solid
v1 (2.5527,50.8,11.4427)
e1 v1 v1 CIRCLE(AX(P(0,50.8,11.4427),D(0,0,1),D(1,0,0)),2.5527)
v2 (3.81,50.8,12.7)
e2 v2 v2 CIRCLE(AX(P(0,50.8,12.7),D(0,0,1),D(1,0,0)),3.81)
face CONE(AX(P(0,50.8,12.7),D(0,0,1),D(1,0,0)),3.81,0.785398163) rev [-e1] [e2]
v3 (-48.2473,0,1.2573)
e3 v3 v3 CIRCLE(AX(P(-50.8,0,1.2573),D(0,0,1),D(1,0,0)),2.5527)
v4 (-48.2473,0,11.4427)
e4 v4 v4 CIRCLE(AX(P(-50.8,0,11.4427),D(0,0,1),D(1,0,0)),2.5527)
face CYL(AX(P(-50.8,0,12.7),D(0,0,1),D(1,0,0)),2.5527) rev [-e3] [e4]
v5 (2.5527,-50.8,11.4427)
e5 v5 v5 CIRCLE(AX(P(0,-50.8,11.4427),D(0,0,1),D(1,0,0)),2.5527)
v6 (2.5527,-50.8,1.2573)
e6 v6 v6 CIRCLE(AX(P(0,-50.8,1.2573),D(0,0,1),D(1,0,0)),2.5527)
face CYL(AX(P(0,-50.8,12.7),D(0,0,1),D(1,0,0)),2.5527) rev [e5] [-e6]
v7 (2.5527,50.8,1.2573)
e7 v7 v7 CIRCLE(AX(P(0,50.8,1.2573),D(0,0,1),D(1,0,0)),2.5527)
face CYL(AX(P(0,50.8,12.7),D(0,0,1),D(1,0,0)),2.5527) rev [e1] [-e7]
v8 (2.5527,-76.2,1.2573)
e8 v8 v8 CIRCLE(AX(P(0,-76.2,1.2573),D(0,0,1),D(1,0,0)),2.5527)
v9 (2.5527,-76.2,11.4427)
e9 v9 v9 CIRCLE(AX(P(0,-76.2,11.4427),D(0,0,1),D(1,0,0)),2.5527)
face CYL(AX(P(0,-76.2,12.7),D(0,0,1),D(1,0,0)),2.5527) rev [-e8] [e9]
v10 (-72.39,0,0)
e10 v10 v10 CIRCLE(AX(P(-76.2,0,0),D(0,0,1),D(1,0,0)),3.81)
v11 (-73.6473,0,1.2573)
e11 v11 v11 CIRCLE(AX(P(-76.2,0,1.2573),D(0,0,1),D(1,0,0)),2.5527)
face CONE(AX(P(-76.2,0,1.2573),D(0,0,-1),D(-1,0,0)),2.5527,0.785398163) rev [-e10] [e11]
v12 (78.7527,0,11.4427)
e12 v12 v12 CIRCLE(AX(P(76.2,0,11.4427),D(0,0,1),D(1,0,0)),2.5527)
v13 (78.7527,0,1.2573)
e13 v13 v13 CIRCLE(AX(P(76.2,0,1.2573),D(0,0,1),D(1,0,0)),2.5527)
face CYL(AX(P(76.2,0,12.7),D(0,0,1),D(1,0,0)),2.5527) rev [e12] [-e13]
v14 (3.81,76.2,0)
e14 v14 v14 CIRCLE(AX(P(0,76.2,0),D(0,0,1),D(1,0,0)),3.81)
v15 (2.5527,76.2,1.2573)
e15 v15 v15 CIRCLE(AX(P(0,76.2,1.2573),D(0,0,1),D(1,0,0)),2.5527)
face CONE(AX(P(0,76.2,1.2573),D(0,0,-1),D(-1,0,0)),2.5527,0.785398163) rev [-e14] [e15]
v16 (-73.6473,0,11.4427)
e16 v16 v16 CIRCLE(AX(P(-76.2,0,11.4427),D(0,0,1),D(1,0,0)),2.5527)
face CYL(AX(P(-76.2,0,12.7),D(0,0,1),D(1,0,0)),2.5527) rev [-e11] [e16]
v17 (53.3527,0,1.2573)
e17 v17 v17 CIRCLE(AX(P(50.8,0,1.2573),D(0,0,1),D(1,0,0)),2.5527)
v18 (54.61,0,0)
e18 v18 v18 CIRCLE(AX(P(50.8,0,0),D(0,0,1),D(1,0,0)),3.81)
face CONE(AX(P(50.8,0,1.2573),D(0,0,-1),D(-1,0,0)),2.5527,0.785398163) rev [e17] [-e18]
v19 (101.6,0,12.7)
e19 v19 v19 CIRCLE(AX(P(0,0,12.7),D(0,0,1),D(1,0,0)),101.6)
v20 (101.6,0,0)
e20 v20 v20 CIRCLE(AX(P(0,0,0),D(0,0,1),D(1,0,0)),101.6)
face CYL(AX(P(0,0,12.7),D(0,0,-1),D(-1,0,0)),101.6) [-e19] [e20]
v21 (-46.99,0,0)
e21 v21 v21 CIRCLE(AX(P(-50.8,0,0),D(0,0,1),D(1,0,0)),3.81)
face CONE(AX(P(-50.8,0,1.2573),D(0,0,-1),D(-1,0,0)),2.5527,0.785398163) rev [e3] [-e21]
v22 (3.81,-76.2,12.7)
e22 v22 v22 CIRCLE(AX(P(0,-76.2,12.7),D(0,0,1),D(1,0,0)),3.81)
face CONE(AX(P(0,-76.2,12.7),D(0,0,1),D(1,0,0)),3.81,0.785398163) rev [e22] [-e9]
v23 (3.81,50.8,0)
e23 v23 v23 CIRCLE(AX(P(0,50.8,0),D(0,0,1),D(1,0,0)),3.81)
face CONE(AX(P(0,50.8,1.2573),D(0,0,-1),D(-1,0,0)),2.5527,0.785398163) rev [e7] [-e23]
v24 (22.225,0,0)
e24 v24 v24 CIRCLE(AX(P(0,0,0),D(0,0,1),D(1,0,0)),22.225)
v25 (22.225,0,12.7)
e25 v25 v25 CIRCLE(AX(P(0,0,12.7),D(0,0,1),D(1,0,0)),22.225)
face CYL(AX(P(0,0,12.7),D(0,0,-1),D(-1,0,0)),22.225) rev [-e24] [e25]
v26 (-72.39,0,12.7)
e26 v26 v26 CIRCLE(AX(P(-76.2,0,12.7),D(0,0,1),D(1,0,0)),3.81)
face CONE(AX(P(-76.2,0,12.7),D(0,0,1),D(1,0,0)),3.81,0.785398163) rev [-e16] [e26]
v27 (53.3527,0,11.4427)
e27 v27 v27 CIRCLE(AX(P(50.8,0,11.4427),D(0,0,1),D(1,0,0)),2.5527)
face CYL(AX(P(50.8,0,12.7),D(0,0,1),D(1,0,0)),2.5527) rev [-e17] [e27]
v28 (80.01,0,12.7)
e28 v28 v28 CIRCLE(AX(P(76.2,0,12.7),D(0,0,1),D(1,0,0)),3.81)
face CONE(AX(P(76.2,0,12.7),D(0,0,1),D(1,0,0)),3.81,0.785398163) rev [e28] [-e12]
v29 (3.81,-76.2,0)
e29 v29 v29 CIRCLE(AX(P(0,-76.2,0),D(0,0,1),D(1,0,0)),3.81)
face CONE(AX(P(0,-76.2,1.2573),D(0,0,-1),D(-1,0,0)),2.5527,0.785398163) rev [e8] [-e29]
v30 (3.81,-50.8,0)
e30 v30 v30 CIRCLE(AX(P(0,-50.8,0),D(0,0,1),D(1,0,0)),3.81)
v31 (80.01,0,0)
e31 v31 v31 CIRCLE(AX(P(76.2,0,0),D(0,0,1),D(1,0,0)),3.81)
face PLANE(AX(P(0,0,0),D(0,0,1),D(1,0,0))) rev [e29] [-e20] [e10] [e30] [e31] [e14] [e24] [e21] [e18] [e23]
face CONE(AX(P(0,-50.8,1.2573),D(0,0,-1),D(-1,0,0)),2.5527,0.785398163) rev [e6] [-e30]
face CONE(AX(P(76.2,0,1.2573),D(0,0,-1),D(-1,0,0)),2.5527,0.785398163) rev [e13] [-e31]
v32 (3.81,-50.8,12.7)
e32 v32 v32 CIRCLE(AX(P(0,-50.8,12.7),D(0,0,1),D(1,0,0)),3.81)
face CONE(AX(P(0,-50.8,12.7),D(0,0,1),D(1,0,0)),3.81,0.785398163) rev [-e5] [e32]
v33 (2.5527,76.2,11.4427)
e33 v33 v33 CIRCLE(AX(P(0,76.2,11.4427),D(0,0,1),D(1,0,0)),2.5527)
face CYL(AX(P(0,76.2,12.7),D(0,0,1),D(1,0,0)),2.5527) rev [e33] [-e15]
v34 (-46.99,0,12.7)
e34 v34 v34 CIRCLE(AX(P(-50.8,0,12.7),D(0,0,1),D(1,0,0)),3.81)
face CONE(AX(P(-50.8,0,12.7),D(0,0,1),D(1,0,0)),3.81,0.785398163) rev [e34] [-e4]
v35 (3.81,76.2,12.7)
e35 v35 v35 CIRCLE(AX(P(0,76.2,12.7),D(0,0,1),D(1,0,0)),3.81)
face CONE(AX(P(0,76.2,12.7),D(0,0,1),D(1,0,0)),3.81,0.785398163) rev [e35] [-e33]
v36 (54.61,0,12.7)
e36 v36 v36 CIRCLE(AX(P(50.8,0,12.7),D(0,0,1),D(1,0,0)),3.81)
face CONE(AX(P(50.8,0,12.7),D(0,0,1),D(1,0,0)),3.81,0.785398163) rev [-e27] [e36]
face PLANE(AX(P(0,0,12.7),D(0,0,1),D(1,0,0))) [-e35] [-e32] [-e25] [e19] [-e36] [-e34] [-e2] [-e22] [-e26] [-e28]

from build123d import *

# Parameters (mm, degrees)
SKETCH1_R                        = 101.6
SKETCH1_R_2                      = 22.225
BOSS_EXTRUDE1_DEPTH              = 12.7
F_1_4_20_TAPPED_HOLE1_AT_2_COUNT = 2
F_1_4_20_TAPPED_HOLE1_AT_2_PITCH = 91.581002397
F_1_4_20_TAPPED_HOLE1_AT_3_COUNT = 2
F_1_4_20_TAPPED_HOLE1_AT_3_PITCH = 71.842048969
F_1_4_20_TAPPED_HOLE1_AT_4_COUNT = 2
F_1_4_20_TAPPED_HOLE1_AT_4_PITCH = 127
F_1_4_20_TAPPED_HOLE1_AT_5_COUNT = 2
F_1_4_20_TAPPED_HOLE1_AT_5_PITCH = 101.6
F_1_4_20_TAPPED_HOLE1_AT_6_COUNT = 2
F_1_4_20_TAPPED_HOLE1_AT_6_PITCH = 91.581002397
F_1_4_20_TAPPED_HOLE1_AT_7_COUNT = 2
F_1_4_20_TAPPED_HOLE1_AT_7_PITCH = 71.842048969
F_1_4_20_TAPPED_HOLE1_AT_8_COUNT = 2
F_1_4_20_TAPPED_HOLE1_AT_8_PITCH = 25.4


with BuildPart() as part:
    # Sketch1 → Boss-Extrude1 (new body)
    with BuildSketch(Plane.XY):
        Circle(SKETCH1_R)
        Circle(SKETCH1_R_2, mode=Mode.SUBTRACT)
    extrude(amount=BOSS_EXTRUDE1_DEPTH)

    # Sketch3 → 1/4-20 Tapped Hole1 (revolve, cut)
    with BuildSketch(Plane(origin=(-50.8, 0, 12.7), x_dir=(0, -1, 0), z_dir=(1, 0, 0))):
        Polygon((0, 0), (0, 12.7), (3.81, 12.7), (2.5527, 11.4427), (2.5527, 1.2573), (3.81, 0), align=None)
    f_1_4_20_tapped_hole1 = revolve(axis=Axis((-50.8, 0, 19.05), (0, 0, -1)), mode=Mode.SUBTRACT)

    # 1/4-20 Tapped Hole1 at 2: 1/4-20 Tapped Hole1 ×2
    with Locations(*[Vector(0.554700196, 0.832050294, 0) * (i * F_1_4_20_TAPPED_HOLE1_AT_2_PITCH) for i in range(1, F_1_4_20_TAPPED_HOLE1_AT_2_COUNT)]):
        add(f_1_4_20_tapped_hole1, mode=Mode.SUBTRACT)

    # 1/4-20 Tapped Hole1 at 3: 1/4-20 Tapped Hole1 ×2
    with Locations(*[Vector(0.707106781, 0.707106781, 0) * (i * F_1_4_20_TAPPED_HOLE1_AT_3_PITCH) for i in range(1, F_1_4_20_TAPPED_HOLE1_AT_3_COUNT)]):
        add(f_1_4_20_tapped_hole1, mode=Mode.SUBTRACT)

    # 1/4-20 Tapped Hole1 at 4: 1/4-20 Tapped Hole1 ×2
    with Locations(*[(i * F_1_4_20_TAPPED_HOLE1_AT_4_PITCH, 0, 0) for i in range(1, F_1_4_20_TAPPED_HOLE1_AT_4_COUNT)]):
        add(f_1_4_20_tapped_hole1, mode=Mode.SUBTRACT)

    # 1/4-20 Tapped Hole1 at 5: 1/4-20 Tapped Hole1 ×2
    with Locations(*[(i * F_1_4_20_TAPPED_HOLE1_AT_5_PITCH, 0, 0) for i in range(1, F_1_4_20_TAPPED_HOLE1_AT_5_COUNT)]):
        add(f_1_4_20_tapped_hole1, mode=Mode.SUBTRACT)

    # 1/4-20 Tapped Hole1 at 6: 1/4-20 Tapped Hole1 ×2
    with Locations(*[Vector(0.554700196, -0.832050294, 0) * (i * F_1_4_20_TAPPED_HOLE1_AT_6_PITCH) for i in range(1, F_1_4_20_TAPPED_HOLE1_AT_6_COUNT)]):
        add(f_1_4_20_tapped_hole1, mode=Mode.SUBTRACT)

    # 1/4-20 Tapped Hole1 at 7: 1/4-20 Tapped Hole1 ×2
    with Locations(*[Vector(0.707106781, -0.707106781, 0) * (i * F_1_4_20_TAPPED_HOLE1_AT_7_PITCH) for i in range(1, F_1_4_20_TAPPED_HOLE1_AT_7_COUNT)]):
        add(f_1_4_20_tapped_hole1, mode=Mode.SUBTRACT)

    # 1/4-20 Tapped Hole1 at 8: 1/4-20 Tapped Hole1 ×2
    with Locations(*[(-i * F_1_4_20_TAPPED_HOLE1_AT_8_PITCH, 0, 0) for i in range(1, F_1_4_20_TAPPED_HOLE1_AT_8_COUNT)]):
        add(f_1_4_20_tapped_hole1, mode=Mode.SUBTRACT)


solid = part.part
